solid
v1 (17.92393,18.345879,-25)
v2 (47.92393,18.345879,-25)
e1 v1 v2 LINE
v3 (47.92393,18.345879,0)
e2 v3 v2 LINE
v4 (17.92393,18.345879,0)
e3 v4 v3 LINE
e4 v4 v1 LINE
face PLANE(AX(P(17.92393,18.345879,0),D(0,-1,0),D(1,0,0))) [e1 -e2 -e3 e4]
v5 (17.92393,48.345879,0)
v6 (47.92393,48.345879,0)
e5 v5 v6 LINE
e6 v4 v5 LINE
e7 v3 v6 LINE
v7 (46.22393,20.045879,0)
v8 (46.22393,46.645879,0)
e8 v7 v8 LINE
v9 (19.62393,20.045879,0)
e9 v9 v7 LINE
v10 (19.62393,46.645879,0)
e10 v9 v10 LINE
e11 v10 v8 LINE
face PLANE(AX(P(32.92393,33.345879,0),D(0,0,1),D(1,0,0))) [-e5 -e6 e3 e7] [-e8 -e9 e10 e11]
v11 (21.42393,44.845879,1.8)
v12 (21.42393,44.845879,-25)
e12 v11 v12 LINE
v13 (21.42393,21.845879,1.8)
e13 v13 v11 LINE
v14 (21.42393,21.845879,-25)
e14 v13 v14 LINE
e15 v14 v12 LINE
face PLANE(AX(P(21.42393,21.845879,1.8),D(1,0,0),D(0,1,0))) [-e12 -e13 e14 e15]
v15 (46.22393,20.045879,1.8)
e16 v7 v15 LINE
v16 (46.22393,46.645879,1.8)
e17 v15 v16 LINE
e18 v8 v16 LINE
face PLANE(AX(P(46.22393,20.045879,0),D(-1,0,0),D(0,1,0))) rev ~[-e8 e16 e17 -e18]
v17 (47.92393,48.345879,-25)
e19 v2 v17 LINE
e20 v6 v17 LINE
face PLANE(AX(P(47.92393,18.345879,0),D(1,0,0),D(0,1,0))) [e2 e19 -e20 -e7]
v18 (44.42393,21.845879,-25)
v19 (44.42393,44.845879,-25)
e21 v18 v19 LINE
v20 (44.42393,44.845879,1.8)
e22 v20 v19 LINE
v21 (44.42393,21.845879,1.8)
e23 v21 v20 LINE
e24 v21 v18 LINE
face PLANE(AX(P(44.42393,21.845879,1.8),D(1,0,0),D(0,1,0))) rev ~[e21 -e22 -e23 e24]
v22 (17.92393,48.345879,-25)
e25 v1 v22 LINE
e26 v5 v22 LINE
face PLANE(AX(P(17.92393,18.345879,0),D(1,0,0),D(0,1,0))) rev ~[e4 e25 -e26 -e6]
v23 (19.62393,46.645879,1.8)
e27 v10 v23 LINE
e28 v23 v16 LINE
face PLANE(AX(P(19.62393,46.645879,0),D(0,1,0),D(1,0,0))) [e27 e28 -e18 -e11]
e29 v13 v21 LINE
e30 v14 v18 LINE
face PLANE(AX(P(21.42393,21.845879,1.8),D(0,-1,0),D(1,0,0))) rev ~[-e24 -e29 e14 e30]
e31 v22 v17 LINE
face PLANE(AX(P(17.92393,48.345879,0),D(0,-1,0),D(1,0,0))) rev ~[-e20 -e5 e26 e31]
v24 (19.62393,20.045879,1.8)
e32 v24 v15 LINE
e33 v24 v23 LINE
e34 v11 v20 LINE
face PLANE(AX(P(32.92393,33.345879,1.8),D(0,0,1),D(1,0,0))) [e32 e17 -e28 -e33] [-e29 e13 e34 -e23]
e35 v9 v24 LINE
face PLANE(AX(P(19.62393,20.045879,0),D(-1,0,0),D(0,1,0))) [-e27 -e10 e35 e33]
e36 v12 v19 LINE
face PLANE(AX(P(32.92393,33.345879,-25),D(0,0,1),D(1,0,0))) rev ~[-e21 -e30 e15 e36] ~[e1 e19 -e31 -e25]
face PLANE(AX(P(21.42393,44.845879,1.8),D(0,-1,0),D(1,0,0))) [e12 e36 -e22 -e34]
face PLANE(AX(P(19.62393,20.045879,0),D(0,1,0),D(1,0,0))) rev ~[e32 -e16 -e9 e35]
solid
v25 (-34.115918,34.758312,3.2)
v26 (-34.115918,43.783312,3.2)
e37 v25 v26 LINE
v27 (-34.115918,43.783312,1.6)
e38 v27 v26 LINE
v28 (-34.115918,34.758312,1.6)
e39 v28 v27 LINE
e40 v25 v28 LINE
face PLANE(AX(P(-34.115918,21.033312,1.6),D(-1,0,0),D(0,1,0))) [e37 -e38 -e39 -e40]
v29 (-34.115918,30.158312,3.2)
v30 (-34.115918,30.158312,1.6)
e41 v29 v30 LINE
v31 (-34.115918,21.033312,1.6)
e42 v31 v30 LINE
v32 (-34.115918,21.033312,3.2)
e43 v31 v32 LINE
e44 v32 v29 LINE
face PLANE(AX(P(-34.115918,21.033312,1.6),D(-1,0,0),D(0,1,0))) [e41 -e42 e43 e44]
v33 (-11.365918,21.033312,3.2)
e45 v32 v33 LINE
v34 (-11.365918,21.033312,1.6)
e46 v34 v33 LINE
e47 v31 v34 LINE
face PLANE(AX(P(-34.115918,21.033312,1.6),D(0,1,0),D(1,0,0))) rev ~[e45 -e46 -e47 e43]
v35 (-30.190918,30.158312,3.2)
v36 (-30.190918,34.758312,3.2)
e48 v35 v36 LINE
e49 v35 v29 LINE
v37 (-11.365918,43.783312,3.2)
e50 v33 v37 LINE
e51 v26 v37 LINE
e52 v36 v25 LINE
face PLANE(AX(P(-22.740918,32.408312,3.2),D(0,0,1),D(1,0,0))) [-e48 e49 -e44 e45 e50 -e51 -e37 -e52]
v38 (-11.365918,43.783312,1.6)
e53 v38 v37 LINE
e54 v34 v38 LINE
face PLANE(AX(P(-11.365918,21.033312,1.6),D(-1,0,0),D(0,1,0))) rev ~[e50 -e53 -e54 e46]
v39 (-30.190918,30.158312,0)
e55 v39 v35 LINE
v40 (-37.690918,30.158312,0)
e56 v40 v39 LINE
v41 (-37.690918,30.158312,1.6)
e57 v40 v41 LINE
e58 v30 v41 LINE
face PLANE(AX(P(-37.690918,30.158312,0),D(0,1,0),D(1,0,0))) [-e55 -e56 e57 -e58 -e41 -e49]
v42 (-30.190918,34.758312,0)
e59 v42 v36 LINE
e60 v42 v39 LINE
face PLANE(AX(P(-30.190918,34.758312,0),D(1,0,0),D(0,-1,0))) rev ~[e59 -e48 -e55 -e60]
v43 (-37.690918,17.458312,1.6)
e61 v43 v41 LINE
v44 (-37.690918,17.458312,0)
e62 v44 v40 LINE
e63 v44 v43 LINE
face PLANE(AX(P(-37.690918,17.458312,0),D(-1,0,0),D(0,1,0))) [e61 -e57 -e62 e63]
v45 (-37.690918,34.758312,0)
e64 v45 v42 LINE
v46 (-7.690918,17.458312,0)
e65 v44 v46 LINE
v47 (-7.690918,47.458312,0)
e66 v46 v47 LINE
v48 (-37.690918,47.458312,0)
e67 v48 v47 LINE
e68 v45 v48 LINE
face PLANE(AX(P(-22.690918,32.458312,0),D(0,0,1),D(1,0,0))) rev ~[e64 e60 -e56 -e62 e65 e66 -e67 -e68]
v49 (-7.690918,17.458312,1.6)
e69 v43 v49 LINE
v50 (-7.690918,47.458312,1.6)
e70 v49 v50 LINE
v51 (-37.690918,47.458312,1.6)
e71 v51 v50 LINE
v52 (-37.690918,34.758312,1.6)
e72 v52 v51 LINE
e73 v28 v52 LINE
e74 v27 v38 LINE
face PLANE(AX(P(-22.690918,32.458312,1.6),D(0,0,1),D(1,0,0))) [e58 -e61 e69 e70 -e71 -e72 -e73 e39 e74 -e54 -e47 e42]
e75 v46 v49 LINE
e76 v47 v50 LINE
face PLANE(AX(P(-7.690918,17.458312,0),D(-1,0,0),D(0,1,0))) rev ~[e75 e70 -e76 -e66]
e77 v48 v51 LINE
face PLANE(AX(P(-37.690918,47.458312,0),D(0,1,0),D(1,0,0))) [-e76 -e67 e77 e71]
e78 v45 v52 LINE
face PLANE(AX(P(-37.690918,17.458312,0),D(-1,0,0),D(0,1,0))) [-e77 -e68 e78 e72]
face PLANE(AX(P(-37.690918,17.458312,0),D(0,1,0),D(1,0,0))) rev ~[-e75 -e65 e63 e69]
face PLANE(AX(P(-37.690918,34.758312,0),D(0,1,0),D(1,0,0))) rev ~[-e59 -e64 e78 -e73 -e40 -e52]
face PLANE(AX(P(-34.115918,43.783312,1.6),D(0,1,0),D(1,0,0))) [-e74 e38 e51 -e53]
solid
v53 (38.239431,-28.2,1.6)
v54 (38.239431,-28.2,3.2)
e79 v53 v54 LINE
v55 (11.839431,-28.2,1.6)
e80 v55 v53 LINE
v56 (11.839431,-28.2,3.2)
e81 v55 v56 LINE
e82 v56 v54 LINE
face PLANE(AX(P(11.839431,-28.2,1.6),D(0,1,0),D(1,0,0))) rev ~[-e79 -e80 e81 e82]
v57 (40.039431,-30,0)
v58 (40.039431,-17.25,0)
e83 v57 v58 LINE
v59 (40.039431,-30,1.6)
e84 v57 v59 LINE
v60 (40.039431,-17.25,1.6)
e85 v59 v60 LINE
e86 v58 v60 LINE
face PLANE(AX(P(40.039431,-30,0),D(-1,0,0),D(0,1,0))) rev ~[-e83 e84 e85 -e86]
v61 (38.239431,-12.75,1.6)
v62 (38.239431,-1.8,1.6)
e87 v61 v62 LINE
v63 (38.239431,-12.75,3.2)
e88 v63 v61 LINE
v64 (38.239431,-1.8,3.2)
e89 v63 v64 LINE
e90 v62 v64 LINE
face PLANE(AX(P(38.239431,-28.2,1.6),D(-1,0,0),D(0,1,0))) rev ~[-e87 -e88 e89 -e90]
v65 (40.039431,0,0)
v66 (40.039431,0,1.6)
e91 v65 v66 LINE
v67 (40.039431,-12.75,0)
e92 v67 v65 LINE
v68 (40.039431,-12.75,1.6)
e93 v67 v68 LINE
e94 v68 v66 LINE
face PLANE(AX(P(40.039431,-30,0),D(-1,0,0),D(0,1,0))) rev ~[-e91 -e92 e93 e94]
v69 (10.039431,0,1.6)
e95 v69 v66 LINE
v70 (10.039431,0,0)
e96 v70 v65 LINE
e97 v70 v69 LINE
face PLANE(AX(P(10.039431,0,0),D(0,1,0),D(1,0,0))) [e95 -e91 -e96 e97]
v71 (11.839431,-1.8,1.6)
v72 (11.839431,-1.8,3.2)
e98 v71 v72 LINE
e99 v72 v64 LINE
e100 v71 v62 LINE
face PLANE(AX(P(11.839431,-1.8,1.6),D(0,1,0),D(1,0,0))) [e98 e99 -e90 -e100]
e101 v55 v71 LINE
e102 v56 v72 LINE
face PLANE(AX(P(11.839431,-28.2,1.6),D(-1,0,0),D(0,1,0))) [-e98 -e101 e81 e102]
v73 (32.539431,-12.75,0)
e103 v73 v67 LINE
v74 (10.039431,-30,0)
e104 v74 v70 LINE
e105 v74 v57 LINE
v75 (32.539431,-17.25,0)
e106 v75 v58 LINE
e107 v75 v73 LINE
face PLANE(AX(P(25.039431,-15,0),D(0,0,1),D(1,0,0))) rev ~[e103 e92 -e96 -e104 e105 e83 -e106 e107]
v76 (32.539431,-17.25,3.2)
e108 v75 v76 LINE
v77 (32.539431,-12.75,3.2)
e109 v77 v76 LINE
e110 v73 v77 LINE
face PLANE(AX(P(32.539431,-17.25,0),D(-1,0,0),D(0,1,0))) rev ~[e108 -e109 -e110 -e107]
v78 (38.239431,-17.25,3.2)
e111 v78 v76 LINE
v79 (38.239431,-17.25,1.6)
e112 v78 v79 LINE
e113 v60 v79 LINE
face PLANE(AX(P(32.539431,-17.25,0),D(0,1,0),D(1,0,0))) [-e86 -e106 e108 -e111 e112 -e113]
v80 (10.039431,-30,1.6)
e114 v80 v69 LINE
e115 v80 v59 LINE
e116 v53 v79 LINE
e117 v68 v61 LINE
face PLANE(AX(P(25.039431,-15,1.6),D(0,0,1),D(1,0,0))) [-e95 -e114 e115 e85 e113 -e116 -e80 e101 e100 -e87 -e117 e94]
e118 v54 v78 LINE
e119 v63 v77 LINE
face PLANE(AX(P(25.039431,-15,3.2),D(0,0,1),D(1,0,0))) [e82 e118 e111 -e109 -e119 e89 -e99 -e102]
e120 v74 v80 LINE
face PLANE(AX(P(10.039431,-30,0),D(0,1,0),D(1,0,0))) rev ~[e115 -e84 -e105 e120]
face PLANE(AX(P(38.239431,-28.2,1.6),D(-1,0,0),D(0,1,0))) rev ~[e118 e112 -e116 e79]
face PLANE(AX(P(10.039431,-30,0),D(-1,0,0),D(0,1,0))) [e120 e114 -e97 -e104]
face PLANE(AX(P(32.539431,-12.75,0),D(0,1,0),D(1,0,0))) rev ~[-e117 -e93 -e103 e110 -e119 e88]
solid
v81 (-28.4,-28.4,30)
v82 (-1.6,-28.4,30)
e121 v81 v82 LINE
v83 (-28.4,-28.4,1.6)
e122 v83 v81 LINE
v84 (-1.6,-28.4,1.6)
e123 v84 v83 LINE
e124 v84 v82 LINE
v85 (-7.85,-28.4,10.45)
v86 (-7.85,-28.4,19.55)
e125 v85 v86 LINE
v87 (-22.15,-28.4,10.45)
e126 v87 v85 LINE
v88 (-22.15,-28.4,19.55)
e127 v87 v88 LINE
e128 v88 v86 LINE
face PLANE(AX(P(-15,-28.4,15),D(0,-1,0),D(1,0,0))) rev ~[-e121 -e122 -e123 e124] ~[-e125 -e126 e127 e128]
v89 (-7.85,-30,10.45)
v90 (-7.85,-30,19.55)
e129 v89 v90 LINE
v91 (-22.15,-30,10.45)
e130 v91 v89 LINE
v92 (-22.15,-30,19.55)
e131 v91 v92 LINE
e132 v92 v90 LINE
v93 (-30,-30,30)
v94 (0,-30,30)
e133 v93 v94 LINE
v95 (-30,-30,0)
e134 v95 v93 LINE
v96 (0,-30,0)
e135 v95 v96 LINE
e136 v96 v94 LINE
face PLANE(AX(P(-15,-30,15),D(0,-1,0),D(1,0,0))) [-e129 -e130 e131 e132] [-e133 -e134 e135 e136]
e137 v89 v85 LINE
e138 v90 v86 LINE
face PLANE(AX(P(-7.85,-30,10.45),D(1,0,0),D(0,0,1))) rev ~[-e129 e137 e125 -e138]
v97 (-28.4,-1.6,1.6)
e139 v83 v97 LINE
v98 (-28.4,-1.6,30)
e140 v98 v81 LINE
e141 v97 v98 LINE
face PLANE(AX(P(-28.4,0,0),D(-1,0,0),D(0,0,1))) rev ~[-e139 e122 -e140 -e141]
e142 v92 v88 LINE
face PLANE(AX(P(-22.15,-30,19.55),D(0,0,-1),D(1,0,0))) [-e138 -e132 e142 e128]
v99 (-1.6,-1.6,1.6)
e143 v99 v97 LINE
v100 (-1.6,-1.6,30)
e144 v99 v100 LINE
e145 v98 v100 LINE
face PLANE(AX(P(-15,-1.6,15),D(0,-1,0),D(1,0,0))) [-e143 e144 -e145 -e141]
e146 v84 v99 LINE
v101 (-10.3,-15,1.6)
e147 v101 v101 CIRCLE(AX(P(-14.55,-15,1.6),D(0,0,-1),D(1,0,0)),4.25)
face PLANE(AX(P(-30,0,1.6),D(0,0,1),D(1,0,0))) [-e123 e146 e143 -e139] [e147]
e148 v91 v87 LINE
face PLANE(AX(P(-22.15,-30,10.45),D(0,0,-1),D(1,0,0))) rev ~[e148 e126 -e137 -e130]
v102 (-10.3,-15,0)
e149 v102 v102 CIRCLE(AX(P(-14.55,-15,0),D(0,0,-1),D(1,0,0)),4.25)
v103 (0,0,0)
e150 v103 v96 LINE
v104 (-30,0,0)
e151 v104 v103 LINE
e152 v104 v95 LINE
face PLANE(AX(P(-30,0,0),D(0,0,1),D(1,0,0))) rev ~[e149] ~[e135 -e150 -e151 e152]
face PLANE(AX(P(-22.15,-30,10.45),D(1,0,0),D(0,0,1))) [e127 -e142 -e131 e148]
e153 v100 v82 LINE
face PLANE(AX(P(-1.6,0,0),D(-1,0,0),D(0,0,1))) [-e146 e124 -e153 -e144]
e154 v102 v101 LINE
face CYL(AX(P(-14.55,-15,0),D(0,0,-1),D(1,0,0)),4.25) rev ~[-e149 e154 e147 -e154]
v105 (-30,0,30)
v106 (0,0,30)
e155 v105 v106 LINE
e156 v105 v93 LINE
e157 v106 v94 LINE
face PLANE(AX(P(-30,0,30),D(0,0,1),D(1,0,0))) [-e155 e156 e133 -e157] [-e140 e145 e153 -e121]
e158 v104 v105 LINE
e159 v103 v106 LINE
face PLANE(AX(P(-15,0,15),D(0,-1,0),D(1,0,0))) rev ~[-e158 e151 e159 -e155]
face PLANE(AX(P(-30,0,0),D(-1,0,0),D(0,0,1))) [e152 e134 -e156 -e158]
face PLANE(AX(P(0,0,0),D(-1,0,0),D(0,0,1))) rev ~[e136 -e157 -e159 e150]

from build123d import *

# Parameters (mm, degrees)
F0_W      = 30
F0_H      = 30
F1_DEPTH  = 30
F2_T      = -1.6
F3_W      = 14.3
F3_H      = 9.1
F4_DEPTH  = 1.6
F5_R      = 4.25
F6_DEPTH  = 1.6
F7_W      = 30
F7_H      = 30
F7_W_2    = 13.2
F7_H_2    = 26.4
F8_DEPTH  = 1.6
F9_W      = 26.4
F9_H      = 26.4
F10_DEPTH = 1.6
F11_W     = 7.5
F11_H     = 4.5
F12_DEPTH = 30.001
F13_W     = 30
F13_H     = 30
F14_DEPTH = 25
F15_W     = 26.6
F15_H     = 26.6
F16_DEPTH = 1.8
F17_W     = 23
F17_H     = 23
F18_DEPTH = 26.801
F19_W     = 30
F19_H     = 30
F20_DEPTH = 1.6
F21_W     = 22.75
F21_H     = 22.75
F22_DEPTH = 1.6
F23_W     = 7.5
F23_H     = 4.6
F24_DEPTH = 30.001


with BuildPart() as f1:
    # F0 (on Front) → F1 (new body)
    with BuildSketch(Plane.XZ):
        with Locations((-15, 15)):
            Rectangle(F0_W, F0_H)
    extrude(amount=F1_DEPTH)

    # F2
    f2_openings = [f1.faces().sort_by_distance(p)[0] for p in [
        (-15, -15, 30),
    ]]
    offset(amount=F2_T, openings=f2_openings)

    # F3 (on face) → F4 (cut)
    with BuildSketch(Plane.XZ.offset(30)):
        with Locations((-15, 15)):
            Rectangle(F3_W, F3_H)
    extrude(amount=-F4_DEPTH, mode=Mode.SUBTRACT)

    # F5 (on face) → F6 (cut)
    with BuildSketch(Plane(origin=(0, 0, 0), x_dir=(1, 0, 0), z_dir=(0, 0, -1))):
        with Locations((-14.55, 15)):
            Circle(F5_R)
    extrude(amount=-F6_DEPTH, mode=Mode.SUBTRACT)


with BuildPart() as f8:
    # F7 (on Top) → F8 (new body)
    with BuildSketch(Plane.XY):
        with Locations((25.039431, -15)):
            Rectangle(F7_W, F7_H)
        Polygon((11.839431, -28.2), (11.839431, -1.8), (25.039431, -1.8), (38.239431, -1.8), (38.239431, -28.2), (25.039431, -28.2), align=None, mode=Mode.SUBTRACT)
        with Locations((18.439431, -15)):
            Rectangle(F7_W_2, F7_H_2)
        with Locations((31.639431, -15)):
            Rectangle(F7_W_2, F7_H_2)
    extrude(amount=F8_DEPTH)

    # F9 (on face) → F10 (join)
    with BuildSketch(Plane.XY.offset(1.6)):
        with Locations((25.039431, -15)):
            Rectangle(F9_W, F9_H)
    extrude(amount=F10_DEPTH)

    # F11 (on face) → F12 (cut, through all)
    with BuildSketch(Plane.XY):
        with Locations((36.289431, -15)):
            Rectangle(F11_W, F11_H)
    extrude(amount=F12_DEPTH, mode=Mode.SUBTRACT)


with BuildPart() as f14:
    # F13 (on Top) → F14 (new body)
    with BuildSketch(Plane.XY):
        with Locations((32.92393, 33.345879)):
            Rectangle(F13_W, F13_H)
    extrude(amount=-F14_DEPTH)

    # F15 (on face) → F16 (join)
    with BuildSketch(Plane.XY):
        with Locations((32.92393, 33.345879)):
            Rectangle(F15_W, F15_H)
    extrude(amount=F16_DEPTH)

    # F17 (on face) → F18 (cut, through all)
    with BuildSketch(Plane.XY.offset(1.8)):
        with Locations((32.92393, 33.345879)):
            Rectangle(F17_W, F17_H)
    extrude(amount=-F18_DEPTH, mode=Mode.SUBTRACT)


with BuildPart() as f20:
    # F19 (on Top) → F20 (new body)
    with BuildSketch(Plane.XY):
        with Locations((-22.690918, 32.458312)):
            Rectangle(F19_W, F19_H)
    extrude(amount=F20_DEPTH)

    # F21 (on face) → F22 (join)
    with BuildSketch(Plane.XY.offset(1.6)):
        with Locations((-22.740918, 32.408312)):
            Rectangle(F21_W, F21_H)
    extrude(amount=F22_DEPTH)

    # F23 (on face) → F24 (cut, through all)
    with BuildSketch(Plane(origin=(0, 0, 0), x_dir=(1, 0, 0), z_dir=(0, 0, -1))):
        with Locations((-33.940918, -32.458312)):
            Rectangle(F23_W, F23_H)
    extrude(amount=-F24_DEPTH, mode=Mode.SUBTRACT)


solid = Compound([f1.part, f8.part, f14.part, f20.part])
